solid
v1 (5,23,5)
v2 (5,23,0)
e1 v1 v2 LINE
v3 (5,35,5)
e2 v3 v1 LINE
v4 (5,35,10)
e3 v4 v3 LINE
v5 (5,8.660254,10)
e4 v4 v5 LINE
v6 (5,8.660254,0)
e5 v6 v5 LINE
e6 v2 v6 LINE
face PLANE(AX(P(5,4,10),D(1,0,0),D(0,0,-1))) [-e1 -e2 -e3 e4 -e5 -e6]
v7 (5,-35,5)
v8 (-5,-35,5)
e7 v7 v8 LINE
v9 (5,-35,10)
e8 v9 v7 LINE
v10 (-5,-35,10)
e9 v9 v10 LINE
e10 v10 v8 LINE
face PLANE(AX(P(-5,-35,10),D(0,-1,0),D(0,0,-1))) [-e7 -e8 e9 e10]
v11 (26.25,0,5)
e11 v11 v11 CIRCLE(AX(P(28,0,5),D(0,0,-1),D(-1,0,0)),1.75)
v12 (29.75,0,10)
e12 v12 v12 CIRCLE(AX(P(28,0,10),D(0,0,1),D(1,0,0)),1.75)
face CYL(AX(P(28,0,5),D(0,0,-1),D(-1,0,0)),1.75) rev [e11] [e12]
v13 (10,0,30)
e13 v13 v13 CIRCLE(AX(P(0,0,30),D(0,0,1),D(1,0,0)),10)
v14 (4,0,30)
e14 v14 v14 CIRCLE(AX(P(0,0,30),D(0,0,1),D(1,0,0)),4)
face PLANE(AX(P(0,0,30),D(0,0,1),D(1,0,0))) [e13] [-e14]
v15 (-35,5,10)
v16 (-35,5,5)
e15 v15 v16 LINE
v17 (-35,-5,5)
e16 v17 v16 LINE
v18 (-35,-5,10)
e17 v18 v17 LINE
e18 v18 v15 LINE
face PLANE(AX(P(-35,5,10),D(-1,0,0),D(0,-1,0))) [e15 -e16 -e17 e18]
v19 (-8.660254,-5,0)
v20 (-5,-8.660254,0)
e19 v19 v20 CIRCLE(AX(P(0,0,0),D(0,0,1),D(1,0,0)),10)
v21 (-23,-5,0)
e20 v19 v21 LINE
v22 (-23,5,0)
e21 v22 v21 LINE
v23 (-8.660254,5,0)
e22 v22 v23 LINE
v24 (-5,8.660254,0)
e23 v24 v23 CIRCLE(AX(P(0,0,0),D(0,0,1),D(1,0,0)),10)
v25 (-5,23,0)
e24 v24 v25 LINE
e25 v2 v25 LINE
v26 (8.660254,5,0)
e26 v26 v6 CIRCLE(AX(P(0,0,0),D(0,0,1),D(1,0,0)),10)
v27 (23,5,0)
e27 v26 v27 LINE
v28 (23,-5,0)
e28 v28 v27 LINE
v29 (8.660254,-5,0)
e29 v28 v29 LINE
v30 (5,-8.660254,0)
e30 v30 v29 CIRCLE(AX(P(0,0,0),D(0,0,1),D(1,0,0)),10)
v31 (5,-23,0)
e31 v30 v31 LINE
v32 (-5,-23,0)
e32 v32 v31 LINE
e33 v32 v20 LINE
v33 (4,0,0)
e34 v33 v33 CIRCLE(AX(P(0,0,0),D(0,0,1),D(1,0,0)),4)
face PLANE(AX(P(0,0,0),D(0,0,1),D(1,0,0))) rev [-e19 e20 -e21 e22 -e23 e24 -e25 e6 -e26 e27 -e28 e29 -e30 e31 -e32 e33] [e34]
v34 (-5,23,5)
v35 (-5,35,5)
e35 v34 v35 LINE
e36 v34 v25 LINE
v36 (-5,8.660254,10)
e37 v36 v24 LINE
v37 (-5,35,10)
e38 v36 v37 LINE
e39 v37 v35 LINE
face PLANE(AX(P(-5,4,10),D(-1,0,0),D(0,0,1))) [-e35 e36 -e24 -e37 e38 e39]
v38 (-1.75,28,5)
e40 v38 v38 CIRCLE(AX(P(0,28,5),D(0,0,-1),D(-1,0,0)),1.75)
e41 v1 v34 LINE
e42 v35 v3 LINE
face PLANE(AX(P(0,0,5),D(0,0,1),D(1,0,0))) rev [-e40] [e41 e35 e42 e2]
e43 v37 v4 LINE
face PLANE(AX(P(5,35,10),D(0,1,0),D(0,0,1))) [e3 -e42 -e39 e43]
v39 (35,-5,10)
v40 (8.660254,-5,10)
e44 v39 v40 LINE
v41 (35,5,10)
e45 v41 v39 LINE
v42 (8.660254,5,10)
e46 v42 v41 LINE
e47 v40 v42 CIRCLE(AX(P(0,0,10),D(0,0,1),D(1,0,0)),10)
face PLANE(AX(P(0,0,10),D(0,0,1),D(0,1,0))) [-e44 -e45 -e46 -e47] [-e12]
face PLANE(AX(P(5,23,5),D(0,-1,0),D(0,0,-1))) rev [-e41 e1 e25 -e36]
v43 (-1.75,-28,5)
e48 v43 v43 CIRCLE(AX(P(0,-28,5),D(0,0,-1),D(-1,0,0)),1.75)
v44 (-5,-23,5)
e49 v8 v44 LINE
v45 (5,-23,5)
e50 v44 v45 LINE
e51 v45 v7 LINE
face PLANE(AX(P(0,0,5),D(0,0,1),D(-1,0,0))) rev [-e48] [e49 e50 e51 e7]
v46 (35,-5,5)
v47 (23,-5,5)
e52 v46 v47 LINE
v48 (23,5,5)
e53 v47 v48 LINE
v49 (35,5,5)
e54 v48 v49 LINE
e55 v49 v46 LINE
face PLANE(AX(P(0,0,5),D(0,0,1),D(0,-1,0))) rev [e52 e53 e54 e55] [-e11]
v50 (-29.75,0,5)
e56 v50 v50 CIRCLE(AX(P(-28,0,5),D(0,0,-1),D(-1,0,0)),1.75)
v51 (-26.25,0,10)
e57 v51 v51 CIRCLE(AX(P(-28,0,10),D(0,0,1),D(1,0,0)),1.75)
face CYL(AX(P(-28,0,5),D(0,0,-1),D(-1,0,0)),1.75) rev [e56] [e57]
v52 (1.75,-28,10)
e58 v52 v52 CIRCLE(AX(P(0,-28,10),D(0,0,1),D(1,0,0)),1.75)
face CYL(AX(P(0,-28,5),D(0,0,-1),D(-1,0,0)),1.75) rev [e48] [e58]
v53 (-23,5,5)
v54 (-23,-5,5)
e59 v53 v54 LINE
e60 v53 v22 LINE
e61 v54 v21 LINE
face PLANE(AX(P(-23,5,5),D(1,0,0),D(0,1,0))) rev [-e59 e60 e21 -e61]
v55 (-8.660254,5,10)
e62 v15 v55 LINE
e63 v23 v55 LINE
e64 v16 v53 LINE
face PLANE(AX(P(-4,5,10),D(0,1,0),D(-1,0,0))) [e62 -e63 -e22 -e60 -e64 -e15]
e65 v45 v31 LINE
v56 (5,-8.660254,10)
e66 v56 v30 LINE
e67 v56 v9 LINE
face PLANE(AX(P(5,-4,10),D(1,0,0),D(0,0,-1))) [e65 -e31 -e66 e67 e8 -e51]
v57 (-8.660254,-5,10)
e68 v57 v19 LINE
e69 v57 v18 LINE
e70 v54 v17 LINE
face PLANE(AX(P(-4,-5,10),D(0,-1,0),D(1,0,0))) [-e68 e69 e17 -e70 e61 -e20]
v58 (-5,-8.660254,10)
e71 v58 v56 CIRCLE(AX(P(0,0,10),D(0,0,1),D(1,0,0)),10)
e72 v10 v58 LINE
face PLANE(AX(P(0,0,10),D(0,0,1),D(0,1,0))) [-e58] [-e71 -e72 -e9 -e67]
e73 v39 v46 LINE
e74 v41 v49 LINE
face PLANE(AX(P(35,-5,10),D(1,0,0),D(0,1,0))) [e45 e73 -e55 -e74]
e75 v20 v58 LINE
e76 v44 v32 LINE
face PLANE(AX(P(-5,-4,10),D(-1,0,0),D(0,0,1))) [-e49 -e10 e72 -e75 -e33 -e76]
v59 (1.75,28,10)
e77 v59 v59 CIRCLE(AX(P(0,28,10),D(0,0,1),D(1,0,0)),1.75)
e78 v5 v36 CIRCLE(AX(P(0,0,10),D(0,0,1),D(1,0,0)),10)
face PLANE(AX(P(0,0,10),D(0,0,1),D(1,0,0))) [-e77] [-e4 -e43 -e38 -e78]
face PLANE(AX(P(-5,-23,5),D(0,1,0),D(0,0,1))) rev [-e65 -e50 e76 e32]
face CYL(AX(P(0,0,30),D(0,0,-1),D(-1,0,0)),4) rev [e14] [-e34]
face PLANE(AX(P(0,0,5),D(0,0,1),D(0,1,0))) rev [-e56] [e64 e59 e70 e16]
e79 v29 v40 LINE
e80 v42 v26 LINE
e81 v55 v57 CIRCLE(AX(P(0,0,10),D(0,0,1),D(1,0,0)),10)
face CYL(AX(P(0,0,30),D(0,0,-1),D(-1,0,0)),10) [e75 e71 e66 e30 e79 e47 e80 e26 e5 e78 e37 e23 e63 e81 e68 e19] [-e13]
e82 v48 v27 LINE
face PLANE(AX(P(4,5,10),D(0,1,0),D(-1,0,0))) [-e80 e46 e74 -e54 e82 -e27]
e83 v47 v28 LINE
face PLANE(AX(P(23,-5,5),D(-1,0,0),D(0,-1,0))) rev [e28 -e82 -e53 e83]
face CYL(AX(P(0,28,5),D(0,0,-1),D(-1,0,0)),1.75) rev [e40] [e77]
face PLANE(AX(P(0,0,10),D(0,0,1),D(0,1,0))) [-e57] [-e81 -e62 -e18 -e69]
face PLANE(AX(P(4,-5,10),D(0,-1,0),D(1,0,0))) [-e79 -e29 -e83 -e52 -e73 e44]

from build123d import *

# Parameters (mm, degrees)
SKETCH_1_R               = 10
SKETCH_1_R_2             = 4
EXTRUDE_1_DEPTH          = 30
SKETCH_2_W               = 10
SKETCH_2_H               = 31
EXTRUDE_2_DEPTH          = 10
SKETCH_3_W               = 10
SKETCH_3_H               = 12
CUT_EXTRUDE_1_DEPTH      = 5
HOLE_WIZARD_3_5_3_5_1_D  = 3.5
PATTERN_CIRCULAR_1_COUNT = 4


with BuildPart() as part:
    # Эскиз1 → Бобышка-Вытянуть1 (new body)
    with BuildSketch(Plane.XY):
        Circle(SKETCH_1_R)
        Circle(SKETCH_1_R_2, mode=Mode.SUBTRACT)
    extrude(amount=EXTRUDE_1_DEPTH)

    # Эскиз2 → Бобышка-Вытянуть2 (add)
    with BuildSketch(Plane(origin=(0, 0, 0), x_dir=(-1, 0, 0), z_dir=(0, 0, -1))):
        with Locations((0, 19.5)):
            Rectangle(SKETCH_2_W, SKETCH_2_H)
    extrude_2 = extrude(amount=-EXTRUDE_2_DEPTH)

    # Эскиз3 → Вырез-Вытянуть1 (cut)
    with BuildSketch(Plane(origin=(0, 0, 0), x_dir=(-1, 0, 0), z_dir=(0, 0, -1))):
        with Locations((0, 29)):
            Rectangle(SKETCH_3_W, SKETCH_3_H)
    cut_extrude_1 = extrude(amount=-CUT_EXTRUDE_1_DEPTH, mode=Mode.SUBTRACT)

    # Диаметр отверстия Ø3.5 (3.5)1 (through all)
    with Locations(Plane(origin=(0, 0, 5), x_dir=(-1, 0, 0), z_dir=(0, 0, -1))):
        with Locations((0, 28)):
            hole_wizard_3_5_3_5_1 = Hole(HOLE_WIZARD_3_5_3_5_1_D / 2)

    # Круговой массив1: Бобышка-Вытянуть2, Вырез-Вытянуть1, Диаметр отверстия Ø3.5 (3.5)1 ×4 about axis
    pattern_circular_1_axis = Axis((0, 0, 0), (0, 0, 1))
    for i in range(1, PATTERN_CIRCULAR_1_COUNT):
        add(extrude_2.rotate(pattern_circular_1_axis, i * 360 / PATTERN_CIRCULAR_1_COUNT))
        add(cut_extrude_1.rotate(pattern_circular_1_axis, i * 360 / PATTERN_CIRCULAR_1_COUNT), mode=Mode.SUBTRACT)
        add(hole_wizard_3_5_3_5_1.rotate(pattern_circular_1_axis, i * 360 / PATTERN_CIRCULAR_1_COUNT), mode=Mode.SUBTRACT)


solid = part.part
